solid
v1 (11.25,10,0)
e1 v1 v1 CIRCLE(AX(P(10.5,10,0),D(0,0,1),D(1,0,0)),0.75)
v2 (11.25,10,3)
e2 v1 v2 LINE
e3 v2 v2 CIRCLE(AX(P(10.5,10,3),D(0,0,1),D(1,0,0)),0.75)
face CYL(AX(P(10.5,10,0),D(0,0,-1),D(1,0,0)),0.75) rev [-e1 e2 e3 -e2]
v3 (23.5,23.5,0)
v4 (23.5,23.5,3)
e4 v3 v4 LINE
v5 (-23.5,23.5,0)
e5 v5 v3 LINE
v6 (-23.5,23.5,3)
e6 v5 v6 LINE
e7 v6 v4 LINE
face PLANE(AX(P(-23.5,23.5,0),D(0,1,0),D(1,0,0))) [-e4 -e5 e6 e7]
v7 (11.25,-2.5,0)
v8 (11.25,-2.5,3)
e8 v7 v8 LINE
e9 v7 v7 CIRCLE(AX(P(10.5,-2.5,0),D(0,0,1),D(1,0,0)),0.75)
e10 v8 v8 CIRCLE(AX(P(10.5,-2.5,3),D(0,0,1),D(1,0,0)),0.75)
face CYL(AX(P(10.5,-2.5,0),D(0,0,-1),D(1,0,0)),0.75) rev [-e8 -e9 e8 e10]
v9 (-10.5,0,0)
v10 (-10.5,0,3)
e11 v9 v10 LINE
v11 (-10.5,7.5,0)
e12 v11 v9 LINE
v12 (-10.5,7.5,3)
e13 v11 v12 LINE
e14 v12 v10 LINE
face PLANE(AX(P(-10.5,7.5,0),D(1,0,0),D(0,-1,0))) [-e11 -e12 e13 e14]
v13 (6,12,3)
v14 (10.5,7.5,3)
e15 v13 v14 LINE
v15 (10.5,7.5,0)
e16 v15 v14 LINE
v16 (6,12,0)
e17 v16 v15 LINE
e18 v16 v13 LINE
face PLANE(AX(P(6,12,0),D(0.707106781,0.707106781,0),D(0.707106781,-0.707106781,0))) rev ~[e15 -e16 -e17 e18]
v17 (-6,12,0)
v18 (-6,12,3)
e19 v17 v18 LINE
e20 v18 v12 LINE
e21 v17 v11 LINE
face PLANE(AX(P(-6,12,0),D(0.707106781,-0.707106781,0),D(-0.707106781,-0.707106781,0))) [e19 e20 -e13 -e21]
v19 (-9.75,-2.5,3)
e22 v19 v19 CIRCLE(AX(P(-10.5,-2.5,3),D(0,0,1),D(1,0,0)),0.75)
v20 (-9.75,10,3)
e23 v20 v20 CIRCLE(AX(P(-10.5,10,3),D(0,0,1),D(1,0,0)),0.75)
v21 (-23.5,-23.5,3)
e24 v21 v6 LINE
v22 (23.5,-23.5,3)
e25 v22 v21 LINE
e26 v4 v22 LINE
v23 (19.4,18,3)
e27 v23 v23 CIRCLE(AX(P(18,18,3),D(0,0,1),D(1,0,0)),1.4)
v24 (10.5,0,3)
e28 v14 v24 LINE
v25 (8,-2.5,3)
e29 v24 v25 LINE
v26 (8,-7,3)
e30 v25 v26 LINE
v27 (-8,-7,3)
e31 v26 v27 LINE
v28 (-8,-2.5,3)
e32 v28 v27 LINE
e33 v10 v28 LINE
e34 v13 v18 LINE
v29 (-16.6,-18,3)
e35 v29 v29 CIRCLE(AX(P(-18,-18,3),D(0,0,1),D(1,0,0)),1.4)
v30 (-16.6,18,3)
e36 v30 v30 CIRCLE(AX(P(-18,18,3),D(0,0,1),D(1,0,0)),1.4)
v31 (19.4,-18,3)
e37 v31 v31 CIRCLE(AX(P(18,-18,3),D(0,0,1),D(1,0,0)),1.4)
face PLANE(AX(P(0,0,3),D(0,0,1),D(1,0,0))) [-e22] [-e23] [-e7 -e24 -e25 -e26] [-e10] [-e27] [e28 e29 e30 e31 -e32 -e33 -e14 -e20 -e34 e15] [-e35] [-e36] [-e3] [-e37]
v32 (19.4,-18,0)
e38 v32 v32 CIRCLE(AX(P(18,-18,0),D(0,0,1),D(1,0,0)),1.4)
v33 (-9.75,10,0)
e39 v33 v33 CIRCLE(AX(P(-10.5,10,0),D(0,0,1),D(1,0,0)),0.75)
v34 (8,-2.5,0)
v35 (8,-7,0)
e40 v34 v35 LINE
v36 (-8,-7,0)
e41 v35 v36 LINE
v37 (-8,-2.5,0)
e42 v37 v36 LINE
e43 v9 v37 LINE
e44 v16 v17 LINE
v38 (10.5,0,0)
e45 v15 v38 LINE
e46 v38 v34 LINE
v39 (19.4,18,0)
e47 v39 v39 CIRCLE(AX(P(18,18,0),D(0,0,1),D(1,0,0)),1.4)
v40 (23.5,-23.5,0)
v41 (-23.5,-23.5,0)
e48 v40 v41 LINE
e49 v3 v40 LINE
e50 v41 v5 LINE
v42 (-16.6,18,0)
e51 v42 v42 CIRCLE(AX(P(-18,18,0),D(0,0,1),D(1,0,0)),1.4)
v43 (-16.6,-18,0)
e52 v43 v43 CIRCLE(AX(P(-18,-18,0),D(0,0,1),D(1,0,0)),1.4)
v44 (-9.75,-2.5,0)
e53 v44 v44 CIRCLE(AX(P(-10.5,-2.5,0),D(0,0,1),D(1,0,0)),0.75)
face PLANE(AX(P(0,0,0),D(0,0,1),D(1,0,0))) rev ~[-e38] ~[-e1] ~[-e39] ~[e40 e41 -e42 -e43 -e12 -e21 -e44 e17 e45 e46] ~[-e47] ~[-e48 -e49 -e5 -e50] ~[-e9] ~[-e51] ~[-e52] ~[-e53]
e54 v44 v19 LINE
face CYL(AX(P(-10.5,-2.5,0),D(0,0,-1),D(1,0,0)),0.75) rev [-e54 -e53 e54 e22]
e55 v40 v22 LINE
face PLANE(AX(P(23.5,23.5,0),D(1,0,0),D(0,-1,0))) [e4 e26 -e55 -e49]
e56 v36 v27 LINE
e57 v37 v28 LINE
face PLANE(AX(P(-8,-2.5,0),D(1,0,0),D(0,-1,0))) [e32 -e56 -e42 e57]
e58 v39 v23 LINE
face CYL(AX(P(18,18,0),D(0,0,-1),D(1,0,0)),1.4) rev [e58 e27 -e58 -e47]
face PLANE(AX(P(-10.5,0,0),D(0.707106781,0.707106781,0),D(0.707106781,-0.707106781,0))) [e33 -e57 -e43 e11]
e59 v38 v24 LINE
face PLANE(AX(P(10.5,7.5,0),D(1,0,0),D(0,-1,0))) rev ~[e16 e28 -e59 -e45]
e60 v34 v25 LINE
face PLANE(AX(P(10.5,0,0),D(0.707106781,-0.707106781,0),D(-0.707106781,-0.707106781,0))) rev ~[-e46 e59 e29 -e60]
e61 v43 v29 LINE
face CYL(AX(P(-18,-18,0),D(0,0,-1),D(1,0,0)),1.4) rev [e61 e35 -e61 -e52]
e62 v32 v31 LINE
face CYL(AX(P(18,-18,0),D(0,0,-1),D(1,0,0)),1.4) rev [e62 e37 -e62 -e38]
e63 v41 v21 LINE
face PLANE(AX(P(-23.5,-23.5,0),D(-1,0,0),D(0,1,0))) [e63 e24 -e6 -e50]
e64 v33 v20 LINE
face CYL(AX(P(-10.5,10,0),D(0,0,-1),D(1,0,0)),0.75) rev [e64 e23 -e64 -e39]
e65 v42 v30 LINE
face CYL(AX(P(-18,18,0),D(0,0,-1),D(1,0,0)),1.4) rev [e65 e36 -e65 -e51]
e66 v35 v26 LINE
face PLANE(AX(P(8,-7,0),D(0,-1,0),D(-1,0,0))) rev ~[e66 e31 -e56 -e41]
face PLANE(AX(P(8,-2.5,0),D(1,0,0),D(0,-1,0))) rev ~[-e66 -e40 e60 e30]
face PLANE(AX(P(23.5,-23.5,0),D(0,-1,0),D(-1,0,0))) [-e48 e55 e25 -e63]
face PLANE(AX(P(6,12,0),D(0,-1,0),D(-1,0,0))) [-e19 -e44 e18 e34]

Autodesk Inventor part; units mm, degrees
ref_plane "YZ Plane" through (0, 0, 0) normal (1, 0, 0) x (0, 1, 0)
ref_plane "XZ Plane" through (0, 0, 0) normal (0, 1, 0) x (-1, 0, 0)
ref_plane "XY Plane" through (0, 0, 0) normal (0, 0, 1) x (1, 0, 0)
sketch "Sketch1" plane through (0, 0, 0) normal (0, 0, 1) x (1, 0, 0)
  circle A0 centre (-10.5, 10) radius 0.75
  circle A1 centre (-10.5, -2.5) radius 0.75
  circle A2 centre (10.5, 10) radius 0.75
  circle A3 centre (10.5, -2.5) radius 0.75
  line L0 (6, 12) -> (10.5, 7.5)
  line L1 (10.5, 7.5) -> (10.5, 0)
  line L2 (0, 15.2771) -> (0, -20.9272) construction
  line L3 (10.5, 0) -> (8, -2.5)
  line L4 (8, -2.5) -> (8, -7)
  line L5 (-6, 12) -> (-10.5, 7.5)
  line L6 (-10.5, 7.5) -> (-10.5, 0)
  line L7 (-10.5, 0) -> (-8, -2.5)
  line L8 (-8, -2.5) -> (-8, -7)
  line L9 (8, -7) -> (-8, -7)
  line L10 (23.5, 23.5) -> (23.5, -23.5)
  line L11 (23.5, -23.5) -> (-23.5, -23.5)
  line L12 (-23.5, -23.5) -> (-23.5, 23.5)
  line L13 (-23.5, 23.5) -> (23.5, 23.5)
  line L14 (6, 12) -> (-6, 12)
  line L15 (12.5, 12.5) -> (12.5, -12.5) construction
  line L16 (-12.5, -12.5) -> (-12.5, 12.5) construction
  line L17 (12.5, -12.5) -> (23.5, -23.5) construction
  line L18 (12.5, 12.5) -> (23.5, 23.5) construction
  line L19 (-12.5, 12.5) -> (-23.5, 23.5) construction
  line L20 (-12.5, -12.5) -> (-23.5, -23.5) construction
  circle A4 centre (18, -18) radius 1.4
  circle A5 centre (18, 18) radius 1.4
  circle A6 centre (-18, 18) radius 1.4
  circle A7 centre (-18, -18) radius 1.4
  line L21 (12.5, 12.5) -> (-12.5, -12.5) construction
  line L22 (12.5, -12.5) -> (-12.5, 12.5) construction
  point P0 (0, 0)
  point P1 (0, 0)
  point P2 (0, 0)
  point P3 (-8.25, 9.75)
  point P4 (0, 0)
  point P5 (0, 0)
  dimension "d2" = 1.5
  dimension "d5" = 1.5
  dimension "d8" = 1.5
  dimension "d11" = 1.5
  dimension "d48" = 2.8
  dimension "d49" = 2.8
  dimension "d50" = 2.8
  dimension "d51" = 2.8
  dimension "d63" = 15.5564
  dimension "d64" = 7.7782
  dimension "d66" = 7.7782
  dimension "d67" = 7.7782
  dimension "d68" = 47
extrude "Extrusion1" add sketch "Sketch1" along normal blind 3
equation "\"d64\" = 0.5 * d63"
equation "\"d66\" = d64"
equation "\"d67\" = d64"
properties part number "Camera-Holder_Mount"
